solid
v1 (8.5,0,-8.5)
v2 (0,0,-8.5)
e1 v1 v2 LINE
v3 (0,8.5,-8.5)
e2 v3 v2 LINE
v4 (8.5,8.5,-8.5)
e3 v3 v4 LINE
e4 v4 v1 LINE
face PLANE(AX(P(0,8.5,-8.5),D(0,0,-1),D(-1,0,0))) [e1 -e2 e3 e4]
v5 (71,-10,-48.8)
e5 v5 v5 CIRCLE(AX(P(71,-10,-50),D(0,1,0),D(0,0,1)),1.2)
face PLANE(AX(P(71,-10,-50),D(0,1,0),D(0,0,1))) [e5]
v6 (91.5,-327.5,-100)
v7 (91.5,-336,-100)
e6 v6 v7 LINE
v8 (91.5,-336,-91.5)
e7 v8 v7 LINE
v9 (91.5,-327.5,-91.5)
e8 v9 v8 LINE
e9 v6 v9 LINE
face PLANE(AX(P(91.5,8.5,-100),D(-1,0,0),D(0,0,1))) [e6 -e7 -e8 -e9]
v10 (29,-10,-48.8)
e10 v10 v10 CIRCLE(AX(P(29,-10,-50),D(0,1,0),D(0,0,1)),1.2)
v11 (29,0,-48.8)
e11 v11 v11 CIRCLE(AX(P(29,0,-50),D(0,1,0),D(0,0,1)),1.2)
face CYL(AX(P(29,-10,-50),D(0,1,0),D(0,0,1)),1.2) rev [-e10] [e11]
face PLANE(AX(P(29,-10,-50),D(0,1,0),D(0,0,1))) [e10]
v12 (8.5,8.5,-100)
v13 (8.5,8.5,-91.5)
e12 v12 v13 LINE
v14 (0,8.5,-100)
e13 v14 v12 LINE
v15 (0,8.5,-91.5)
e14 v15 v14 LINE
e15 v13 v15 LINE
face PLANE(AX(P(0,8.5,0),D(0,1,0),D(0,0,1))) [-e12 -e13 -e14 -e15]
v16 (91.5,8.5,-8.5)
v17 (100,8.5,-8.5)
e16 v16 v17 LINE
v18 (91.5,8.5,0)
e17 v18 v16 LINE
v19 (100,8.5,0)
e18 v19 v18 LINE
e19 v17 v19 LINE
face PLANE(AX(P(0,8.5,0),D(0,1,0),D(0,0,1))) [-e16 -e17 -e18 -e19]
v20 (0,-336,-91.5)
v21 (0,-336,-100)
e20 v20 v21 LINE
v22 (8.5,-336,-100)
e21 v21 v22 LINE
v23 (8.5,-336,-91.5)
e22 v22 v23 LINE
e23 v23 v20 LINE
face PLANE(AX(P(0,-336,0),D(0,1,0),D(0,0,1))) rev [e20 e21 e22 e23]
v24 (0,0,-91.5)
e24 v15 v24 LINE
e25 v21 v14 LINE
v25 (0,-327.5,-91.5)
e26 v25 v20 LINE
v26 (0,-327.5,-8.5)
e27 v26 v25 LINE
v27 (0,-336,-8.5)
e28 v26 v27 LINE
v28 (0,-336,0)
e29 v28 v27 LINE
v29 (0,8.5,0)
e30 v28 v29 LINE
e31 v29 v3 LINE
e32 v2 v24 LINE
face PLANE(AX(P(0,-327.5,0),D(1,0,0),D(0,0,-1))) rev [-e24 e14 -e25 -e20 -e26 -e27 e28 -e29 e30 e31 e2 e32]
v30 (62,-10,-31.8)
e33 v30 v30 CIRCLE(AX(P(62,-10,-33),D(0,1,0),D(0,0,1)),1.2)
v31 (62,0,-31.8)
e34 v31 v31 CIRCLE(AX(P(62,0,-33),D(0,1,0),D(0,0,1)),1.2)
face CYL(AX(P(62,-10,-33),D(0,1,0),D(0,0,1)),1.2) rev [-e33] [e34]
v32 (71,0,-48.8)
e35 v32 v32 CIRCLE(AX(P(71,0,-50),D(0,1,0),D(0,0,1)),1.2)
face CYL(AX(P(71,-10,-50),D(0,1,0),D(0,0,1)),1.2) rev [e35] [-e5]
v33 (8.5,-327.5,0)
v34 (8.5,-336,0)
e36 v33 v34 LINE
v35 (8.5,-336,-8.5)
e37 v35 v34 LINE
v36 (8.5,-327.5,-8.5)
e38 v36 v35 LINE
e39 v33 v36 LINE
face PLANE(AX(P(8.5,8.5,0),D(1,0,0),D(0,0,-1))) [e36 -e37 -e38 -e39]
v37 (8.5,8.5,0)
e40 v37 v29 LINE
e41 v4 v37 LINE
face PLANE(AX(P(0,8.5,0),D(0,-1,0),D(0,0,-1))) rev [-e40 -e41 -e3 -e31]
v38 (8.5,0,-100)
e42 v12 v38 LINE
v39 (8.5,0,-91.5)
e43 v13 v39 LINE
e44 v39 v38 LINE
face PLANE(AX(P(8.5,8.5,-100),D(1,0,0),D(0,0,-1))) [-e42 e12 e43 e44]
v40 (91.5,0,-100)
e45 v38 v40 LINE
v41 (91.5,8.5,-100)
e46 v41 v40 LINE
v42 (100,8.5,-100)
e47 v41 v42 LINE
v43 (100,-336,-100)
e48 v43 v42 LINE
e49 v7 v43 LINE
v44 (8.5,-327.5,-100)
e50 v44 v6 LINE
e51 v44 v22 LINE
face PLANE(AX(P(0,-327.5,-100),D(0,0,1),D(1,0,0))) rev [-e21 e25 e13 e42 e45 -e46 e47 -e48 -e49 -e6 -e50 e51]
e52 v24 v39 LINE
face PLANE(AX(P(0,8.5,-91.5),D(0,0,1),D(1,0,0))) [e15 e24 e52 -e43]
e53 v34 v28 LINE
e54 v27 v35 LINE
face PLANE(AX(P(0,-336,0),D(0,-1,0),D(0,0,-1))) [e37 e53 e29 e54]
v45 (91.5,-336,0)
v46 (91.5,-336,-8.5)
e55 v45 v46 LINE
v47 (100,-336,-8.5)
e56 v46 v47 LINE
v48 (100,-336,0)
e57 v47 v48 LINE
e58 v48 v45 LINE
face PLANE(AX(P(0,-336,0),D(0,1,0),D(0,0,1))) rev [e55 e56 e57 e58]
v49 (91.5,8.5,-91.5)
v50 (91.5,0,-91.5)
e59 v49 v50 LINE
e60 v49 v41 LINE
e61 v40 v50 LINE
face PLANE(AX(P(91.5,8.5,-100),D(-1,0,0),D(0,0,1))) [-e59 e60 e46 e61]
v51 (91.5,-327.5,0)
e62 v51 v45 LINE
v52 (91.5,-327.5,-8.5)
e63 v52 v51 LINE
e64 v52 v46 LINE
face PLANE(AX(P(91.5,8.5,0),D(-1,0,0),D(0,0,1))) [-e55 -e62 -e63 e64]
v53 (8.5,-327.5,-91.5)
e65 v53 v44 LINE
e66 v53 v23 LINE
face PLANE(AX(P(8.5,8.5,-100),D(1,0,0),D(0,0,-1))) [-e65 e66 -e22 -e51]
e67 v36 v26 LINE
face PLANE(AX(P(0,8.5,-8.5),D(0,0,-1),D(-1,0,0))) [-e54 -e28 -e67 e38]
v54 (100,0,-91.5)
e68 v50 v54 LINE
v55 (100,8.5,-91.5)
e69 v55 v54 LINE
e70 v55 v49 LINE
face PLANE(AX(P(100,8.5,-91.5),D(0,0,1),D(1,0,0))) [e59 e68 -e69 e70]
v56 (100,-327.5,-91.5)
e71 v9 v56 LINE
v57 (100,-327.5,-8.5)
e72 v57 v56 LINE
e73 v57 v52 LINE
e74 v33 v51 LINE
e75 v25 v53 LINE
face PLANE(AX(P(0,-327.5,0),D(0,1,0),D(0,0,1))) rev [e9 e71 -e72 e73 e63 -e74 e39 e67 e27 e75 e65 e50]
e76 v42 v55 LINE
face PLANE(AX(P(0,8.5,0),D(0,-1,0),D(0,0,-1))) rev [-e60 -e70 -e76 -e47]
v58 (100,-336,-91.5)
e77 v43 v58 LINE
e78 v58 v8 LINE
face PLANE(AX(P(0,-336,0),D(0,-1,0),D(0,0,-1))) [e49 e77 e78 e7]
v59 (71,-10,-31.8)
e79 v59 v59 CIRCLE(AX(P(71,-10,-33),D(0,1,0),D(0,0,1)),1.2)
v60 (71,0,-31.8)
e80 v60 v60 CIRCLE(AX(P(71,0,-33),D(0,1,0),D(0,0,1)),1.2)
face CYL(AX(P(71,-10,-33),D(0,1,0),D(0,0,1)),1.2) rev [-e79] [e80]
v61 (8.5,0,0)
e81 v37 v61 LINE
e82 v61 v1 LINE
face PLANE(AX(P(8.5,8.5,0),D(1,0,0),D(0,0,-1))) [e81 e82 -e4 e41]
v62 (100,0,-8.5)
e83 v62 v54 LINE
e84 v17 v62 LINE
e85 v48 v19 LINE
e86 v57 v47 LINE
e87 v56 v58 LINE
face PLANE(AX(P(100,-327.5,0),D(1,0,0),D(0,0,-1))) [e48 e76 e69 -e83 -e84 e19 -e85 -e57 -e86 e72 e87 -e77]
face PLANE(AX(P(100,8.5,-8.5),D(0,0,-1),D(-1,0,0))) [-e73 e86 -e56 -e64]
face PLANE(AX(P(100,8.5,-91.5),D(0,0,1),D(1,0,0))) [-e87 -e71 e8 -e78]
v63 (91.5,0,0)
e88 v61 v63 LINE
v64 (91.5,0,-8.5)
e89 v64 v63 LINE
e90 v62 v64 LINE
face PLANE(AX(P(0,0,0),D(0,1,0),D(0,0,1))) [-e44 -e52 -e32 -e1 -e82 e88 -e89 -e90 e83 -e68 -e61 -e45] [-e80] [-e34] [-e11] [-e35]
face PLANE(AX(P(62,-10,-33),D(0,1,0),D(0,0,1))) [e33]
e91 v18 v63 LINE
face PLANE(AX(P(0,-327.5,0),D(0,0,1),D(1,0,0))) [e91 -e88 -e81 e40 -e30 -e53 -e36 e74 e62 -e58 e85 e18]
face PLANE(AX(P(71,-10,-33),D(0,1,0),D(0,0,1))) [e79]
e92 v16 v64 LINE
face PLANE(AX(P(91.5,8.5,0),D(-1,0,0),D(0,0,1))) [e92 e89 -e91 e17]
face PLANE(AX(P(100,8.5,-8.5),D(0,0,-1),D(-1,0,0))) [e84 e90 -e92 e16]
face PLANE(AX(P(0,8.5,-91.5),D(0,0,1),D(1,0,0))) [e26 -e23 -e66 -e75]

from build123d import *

# Parameters (mm, degrees)
BOSS_EXTRUDE1_DEPTH      = 327.5
SKETCH30_R               = 1.2
CUT_EXTRUDE4_DEPTH       = 10
SKETCH31_W               = 8.5
SKETCH31_H               = 8.5
BOSS_EXTRUDE2_DEPTH      = 8.5
BOSS_EXTRUDE2_DEPTH_BACK = 336


with BuildPart() as part:
    # Sketch1 → Boss-Extrude1 (new body)
    with BuildSketch(Plane(origin=(0, 0, 0), x_dir=(1, 0, 0), z_dir=(0, 1, 0))):
        Polygon((0, 17), (0, 0), (17, 0), (83, 0), (100, 0), (100, 17), (100, 83), (100, 100), (83, 100), (17, 100), (0, 100), (0, 83), align=None)
    extrude(amount=-BOSS_EXTRUDE1_DEPTH)

    # Sketch30 → Cut-Extrude4 (cut)
    with BuildSketch(Plane(origin=(0, 0, 0), x_dir=(-1, 0, 0), z_dir=(0, 1, 0))):
        with Locations((-71, -50)):
            Circle(SKETCH30_R)
        with Locations((-29, -50)):
            Circle(SKETCH30_R)
        with Locations((-62, -33)):
            Circle(SKETCH30_R)
        with Locations((-71, -33)):
            Circle(SKETCH30_R)
    extrude(amount=-CUT_EXTRUDE4_DEPTH, mode=Mode.SUBTRACT)

    # Sketch31 → Boss-Extrude2 (add, two sides)
    with BuildSketch(Plane(origin=(0, -327.5, 0), x_dir=(-1, 0, 0), z_dir=(0, -1, 0))) as boss_extrude2_sk:
        with Locations((-4.25, 95.75)):
            Rectangle(SKETCH31_W, SKETCH31_H)
        with Locations((-95.75, 95.75)):
            Rectangle(SKETCH31_W, SKETCH31_H)
        with Locations((-4.25, 4.25)):
            Rectangle(SKETCH31_W, SKETCH31_H)
        with Locations((-95.75, 4.25)):
            Rectangle(SKETCH31_W, SKETCH31_H)
    extrude(amount=BOSS_EXTRUDE2_DEPTH)
    extrude(boss_extrude2_sk.sketch, amount=-BOSS_EXTRUDE2_DEPTH_BACK)


solid = part.part
